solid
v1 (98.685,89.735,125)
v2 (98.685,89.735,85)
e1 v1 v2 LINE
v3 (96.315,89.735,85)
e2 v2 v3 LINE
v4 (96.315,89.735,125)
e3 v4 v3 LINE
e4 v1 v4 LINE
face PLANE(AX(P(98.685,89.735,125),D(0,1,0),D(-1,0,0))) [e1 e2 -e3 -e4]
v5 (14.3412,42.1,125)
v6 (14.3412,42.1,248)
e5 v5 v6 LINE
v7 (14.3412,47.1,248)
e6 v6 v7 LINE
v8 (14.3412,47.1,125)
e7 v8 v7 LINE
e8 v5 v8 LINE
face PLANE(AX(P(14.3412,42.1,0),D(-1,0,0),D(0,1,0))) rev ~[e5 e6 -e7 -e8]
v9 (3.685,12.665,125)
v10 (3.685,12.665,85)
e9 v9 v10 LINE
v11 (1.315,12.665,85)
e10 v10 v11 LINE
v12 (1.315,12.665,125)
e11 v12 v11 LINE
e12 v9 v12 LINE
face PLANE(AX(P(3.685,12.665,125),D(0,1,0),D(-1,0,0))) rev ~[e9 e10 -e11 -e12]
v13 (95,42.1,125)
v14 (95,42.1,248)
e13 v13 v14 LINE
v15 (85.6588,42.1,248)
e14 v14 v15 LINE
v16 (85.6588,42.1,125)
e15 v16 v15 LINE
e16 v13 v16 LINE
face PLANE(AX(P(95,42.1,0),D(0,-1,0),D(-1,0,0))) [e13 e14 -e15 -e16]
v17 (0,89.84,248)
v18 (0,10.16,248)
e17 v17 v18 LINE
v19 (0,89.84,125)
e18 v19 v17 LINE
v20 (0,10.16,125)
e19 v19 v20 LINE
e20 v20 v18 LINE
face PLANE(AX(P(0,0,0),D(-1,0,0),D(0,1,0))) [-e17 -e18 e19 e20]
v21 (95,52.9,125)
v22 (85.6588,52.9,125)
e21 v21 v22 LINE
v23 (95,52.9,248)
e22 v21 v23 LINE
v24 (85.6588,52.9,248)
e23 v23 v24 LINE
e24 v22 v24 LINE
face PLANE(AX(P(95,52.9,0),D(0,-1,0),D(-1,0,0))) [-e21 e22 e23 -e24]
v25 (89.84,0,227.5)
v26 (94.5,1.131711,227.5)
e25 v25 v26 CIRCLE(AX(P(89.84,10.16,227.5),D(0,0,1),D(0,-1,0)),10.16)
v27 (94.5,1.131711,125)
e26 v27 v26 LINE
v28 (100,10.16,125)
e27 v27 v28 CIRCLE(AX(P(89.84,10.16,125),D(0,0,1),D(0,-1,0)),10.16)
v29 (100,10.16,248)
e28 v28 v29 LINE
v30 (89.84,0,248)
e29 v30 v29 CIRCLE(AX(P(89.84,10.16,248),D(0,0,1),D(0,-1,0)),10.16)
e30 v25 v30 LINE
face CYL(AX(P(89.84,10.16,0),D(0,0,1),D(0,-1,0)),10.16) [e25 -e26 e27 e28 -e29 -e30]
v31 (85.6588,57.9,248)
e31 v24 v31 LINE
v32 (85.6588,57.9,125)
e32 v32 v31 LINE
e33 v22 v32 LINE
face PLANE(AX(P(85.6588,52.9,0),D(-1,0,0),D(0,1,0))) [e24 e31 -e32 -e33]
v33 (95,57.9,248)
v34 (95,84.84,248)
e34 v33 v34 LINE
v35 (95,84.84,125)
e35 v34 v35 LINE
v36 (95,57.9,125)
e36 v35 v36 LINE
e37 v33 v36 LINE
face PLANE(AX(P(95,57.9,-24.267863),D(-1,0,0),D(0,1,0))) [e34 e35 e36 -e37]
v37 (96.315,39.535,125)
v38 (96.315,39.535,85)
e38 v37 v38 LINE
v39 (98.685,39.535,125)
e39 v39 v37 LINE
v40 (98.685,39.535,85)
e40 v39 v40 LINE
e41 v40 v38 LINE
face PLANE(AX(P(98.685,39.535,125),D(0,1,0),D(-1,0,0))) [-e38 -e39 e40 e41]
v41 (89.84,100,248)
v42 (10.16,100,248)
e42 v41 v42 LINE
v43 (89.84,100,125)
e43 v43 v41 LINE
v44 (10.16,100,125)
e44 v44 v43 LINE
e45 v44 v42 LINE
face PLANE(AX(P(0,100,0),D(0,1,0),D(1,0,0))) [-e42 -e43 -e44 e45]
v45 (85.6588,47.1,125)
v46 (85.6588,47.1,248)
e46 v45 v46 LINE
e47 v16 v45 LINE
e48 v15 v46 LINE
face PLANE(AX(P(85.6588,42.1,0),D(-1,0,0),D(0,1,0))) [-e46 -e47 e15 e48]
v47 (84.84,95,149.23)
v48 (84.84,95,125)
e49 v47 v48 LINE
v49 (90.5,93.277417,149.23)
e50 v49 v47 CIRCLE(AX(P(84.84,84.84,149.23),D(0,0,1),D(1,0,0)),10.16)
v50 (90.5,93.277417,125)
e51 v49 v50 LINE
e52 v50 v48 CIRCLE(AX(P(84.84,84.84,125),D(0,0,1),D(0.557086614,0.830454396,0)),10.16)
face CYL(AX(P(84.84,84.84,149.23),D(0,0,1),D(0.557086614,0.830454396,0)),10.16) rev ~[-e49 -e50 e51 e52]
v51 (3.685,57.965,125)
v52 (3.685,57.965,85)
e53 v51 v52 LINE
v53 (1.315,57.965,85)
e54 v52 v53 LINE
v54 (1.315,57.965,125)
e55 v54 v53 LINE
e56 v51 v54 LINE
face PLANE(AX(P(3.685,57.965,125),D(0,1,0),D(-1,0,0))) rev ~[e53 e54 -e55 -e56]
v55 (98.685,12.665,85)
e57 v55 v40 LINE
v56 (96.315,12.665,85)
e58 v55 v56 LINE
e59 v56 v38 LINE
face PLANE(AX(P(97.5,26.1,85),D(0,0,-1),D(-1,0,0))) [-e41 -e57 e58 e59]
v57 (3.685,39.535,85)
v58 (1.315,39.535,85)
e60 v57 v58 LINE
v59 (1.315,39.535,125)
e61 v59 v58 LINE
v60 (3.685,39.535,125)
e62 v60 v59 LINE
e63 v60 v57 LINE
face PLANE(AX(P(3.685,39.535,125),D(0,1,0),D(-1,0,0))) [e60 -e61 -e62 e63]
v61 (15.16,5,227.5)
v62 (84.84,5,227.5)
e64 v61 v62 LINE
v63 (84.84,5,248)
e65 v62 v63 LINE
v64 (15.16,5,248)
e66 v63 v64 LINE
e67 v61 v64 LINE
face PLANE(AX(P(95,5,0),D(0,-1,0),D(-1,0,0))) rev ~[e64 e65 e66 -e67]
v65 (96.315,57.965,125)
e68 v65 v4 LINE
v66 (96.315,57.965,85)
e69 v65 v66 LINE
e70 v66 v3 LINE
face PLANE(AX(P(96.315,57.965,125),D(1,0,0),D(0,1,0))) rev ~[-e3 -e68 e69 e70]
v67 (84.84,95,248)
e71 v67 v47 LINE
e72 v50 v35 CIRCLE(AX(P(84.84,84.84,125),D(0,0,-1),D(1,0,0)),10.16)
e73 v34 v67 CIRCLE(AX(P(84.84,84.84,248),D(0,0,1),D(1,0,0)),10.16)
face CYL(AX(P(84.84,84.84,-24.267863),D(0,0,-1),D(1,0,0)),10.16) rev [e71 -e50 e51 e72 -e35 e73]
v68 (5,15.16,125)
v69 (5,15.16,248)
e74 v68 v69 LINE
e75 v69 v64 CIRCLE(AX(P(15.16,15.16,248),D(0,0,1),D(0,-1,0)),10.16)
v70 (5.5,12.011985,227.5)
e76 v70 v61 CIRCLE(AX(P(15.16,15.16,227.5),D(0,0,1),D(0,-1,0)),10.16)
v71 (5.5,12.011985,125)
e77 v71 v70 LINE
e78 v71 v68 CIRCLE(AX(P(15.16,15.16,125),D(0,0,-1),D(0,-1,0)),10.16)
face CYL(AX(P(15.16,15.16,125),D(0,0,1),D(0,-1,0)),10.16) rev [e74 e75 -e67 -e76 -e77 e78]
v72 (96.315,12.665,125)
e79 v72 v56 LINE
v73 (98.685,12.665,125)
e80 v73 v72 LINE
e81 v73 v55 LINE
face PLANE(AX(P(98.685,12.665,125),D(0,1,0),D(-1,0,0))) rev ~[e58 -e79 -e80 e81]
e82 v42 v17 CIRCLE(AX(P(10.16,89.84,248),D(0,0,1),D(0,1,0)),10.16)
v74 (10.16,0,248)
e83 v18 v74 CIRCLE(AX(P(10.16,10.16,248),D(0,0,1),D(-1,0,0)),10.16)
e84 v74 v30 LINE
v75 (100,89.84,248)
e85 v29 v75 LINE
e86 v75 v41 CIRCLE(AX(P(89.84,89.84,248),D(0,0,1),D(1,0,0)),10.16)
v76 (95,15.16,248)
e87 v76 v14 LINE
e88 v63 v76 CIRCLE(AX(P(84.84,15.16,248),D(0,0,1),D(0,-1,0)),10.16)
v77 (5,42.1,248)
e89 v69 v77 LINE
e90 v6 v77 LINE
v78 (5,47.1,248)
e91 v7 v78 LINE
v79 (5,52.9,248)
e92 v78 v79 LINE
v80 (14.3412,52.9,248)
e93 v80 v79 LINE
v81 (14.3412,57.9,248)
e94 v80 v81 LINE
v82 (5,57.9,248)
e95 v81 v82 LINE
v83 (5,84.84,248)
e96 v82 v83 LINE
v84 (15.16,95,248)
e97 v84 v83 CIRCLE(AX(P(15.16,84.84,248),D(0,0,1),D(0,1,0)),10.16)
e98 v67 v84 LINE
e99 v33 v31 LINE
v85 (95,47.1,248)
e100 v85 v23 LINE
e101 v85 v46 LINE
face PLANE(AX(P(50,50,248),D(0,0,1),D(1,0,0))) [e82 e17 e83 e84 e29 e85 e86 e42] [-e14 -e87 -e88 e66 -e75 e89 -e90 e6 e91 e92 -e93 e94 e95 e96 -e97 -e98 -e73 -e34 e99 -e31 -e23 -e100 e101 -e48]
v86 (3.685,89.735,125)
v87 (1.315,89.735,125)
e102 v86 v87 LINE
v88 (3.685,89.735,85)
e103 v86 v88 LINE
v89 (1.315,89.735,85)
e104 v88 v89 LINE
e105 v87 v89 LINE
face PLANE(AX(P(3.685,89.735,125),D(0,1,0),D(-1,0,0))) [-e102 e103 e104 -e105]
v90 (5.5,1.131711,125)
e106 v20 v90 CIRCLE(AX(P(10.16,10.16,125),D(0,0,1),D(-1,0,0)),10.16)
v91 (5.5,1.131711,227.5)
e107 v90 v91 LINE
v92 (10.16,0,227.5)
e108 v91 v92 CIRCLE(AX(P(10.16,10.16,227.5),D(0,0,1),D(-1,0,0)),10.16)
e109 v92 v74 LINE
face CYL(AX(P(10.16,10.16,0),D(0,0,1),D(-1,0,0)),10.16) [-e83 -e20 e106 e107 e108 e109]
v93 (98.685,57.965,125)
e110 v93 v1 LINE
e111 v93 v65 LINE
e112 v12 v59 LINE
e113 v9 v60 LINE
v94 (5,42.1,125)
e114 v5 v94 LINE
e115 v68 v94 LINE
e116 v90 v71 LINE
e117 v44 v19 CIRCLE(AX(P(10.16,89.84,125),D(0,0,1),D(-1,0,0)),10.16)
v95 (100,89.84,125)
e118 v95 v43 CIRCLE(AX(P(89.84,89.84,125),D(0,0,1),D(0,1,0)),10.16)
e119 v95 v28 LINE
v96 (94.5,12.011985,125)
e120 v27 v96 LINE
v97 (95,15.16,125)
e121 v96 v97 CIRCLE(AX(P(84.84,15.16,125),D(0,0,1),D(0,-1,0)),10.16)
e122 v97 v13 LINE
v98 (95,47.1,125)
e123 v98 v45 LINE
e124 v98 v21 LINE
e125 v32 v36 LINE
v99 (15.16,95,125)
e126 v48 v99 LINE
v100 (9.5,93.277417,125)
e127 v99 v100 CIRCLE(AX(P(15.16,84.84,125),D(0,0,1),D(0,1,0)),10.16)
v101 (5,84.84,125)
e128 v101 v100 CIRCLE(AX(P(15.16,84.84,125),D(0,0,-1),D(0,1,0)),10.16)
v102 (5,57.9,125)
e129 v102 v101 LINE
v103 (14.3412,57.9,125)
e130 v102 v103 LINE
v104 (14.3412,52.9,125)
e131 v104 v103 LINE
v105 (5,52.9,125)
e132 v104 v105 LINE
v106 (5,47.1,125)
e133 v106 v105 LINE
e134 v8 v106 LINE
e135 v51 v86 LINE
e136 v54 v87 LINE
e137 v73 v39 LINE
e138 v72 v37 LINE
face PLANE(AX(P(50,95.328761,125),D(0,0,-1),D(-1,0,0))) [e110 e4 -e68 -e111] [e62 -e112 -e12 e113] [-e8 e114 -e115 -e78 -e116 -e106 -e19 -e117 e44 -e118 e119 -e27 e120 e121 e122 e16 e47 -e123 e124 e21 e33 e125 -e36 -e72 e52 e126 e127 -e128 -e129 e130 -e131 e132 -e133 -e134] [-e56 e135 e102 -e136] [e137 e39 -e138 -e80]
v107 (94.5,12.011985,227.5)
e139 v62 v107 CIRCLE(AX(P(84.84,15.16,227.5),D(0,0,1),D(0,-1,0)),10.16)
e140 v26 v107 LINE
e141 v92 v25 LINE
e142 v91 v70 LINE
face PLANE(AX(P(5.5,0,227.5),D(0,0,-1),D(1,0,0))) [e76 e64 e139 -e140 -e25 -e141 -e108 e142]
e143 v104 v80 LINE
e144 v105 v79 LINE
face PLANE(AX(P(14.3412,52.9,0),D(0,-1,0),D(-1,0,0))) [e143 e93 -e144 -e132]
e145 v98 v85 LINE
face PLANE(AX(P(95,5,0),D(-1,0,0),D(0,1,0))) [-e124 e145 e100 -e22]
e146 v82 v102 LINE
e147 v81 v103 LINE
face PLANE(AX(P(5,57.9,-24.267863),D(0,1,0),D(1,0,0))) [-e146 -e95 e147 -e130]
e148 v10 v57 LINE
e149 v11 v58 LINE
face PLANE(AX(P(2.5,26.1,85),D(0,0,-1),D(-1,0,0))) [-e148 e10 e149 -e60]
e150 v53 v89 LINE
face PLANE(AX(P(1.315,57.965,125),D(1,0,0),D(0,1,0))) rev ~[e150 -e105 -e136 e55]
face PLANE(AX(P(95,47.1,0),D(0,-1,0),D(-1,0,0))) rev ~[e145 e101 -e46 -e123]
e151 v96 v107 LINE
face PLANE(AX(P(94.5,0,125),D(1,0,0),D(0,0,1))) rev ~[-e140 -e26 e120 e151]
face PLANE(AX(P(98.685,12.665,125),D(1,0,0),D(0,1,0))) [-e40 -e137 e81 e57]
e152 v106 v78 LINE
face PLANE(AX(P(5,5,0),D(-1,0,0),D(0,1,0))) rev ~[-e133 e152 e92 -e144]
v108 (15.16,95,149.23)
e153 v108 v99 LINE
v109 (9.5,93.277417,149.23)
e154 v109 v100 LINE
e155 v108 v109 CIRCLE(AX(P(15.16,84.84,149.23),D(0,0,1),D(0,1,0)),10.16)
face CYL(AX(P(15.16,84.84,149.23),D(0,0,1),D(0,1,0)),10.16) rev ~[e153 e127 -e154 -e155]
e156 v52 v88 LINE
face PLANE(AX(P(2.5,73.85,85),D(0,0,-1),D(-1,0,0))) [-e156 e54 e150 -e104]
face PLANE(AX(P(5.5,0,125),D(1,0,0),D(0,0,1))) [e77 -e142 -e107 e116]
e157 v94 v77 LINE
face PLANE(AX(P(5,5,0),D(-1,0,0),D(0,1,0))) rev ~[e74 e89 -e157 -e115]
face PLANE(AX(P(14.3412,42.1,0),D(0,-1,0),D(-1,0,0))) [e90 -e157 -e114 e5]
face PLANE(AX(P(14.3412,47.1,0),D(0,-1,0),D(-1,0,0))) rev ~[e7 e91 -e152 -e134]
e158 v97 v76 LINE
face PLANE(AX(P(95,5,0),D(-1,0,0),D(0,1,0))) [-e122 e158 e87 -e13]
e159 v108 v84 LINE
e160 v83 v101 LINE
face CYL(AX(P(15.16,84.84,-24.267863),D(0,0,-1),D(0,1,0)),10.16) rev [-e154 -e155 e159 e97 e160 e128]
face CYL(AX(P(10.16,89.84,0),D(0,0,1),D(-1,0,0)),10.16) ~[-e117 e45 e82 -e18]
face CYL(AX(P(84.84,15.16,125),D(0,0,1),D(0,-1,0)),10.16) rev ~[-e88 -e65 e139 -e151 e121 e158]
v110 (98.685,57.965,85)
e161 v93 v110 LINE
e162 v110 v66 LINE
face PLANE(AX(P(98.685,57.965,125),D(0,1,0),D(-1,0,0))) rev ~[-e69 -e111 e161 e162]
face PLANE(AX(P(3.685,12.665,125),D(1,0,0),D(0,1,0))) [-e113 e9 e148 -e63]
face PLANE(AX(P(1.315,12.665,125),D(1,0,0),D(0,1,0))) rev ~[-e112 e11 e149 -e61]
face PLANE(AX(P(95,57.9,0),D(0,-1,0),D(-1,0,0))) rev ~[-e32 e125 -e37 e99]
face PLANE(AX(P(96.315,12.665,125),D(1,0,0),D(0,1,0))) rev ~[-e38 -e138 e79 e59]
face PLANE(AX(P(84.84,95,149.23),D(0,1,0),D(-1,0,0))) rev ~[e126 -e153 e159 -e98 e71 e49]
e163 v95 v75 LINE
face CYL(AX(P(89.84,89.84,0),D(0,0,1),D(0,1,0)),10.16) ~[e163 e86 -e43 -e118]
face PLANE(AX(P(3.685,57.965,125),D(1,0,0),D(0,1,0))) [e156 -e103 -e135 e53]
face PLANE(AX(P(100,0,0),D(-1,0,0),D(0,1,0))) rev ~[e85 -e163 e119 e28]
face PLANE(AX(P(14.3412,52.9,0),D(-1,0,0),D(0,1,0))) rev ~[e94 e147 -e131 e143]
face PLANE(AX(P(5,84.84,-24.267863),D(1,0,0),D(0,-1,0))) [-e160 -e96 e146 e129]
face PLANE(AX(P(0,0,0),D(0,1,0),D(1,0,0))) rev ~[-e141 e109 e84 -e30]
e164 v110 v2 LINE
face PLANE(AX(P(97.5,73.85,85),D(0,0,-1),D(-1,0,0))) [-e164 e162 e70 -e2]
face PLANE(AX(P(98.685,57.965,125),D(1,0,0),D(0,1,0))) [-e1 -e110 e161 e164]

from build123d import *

# Parameters (mm, degrees)
SKETCH1_W                = 100
SKETCH1_H                = 100
BOSS_EXTRUDE1_DEPTH      = 250
SKETCH2_W                = 90
SKETCH2_H                = 90
CUT_EXTRUDE1_DEPTH       = 288.228132327
FILLET1_R                = 10.16
SKETCH3_W                = 9.3412
SKETCH3_H                = 5
BOSS_EXTRUDE2_DEPTH      = 250
SKETCH4_W                = 100
SKETCH4_H                = 125
CUT_EXTRUDE2_DEPTH       = 288.228132327
SKETCH6_W                = 81
SKETCH6_H                = 100
CUT_EXTRUDE4_DEPTH       = 5
FILLET3_R                = 10.16
BOSS_EXTRUDE3_DEPTH      = 30.48
SKETCH9_W                = 81
SKETCH9_H                = 6.25
BOSS_EXTRUDE5_DEPTH      = 35.052
CUT_EXTRUDE5_DEPTH       = 2
SKETCH12_W               = 81
SKETCH12_H               = 2.848
CUT_EXTRUDE6_DEPTH       = 24.23
SKETCH13_W               = 2.5
SKETCH13_H               = 31.9
SKETCH13_H_2             = 27
BOSS_EXTRUDE6_DEPTH      = 40
SKETCH14_W               = 2.63
SKETCH14_H               = 32.03
SKETCH14_W_2             = 2.37
SKETCH14_H_2             = 31.77
SKETCH14_H_3             = 27.13
SKETCH14_H_4             = 26.87
CUT_EXTRUDE10_DEPTH      = 40
CUT_EXTRUDE11_DEPTH      = 6.25
CUT_EXTRUDE12_DEPTH      = 173.497863465
CUT_EXTRUDE12_DEPTH_BACK = 173.497863465
BOSS_EXTRUDE7_DEPTH      = 24.23
CUT_EXTRUDE14_REACH      = 287.489
SKETCH20_W               = 89
SKETCH20_H               = 102.5


with BuildPart() as part:
    # Sketch1 → Boss-Extrude1 (new body)
    with BuildSketch(Plane.XY):
        with Locations((50, 50)):
            Rectangle(SKETCH1_W, SKETCH1_H)
    extrude(amount=BOSS_EXTRUDE1_DEPTH)

    # Sketch2 → Cut-Extrude1 (cut, through all)
    with BuildSketch(Plane(origin=(0, 0, 0), x_dir=(-1, 0, 0), z_dir=(0, 0, -1))):
        with Locations((-50, 50)):
            Rectangle(SKETCH2_W, SKETCH2_H)
    extrude(amount=-CUT_EXTRUDE1_DEPTH, mode=Mode.SUBTRACT)

    # Fillet1
    fillet1_edges = [part.edges().sort_by_distance(p)[0] for p in [
        (0, 100, 125),
        (0, 0, 125),
        (100, 0, 125),
        (100, 100, 125),
    ]]
    fillet(fillet1_edges, radius=FILLET1_R)

    # Sketch3 → Boss-Extrude2 (add, through all)
    with BuildSketch(Plane(origin=(0, 0, 0), x_dir=(-1, 0, 0), z_dir=(0, 0, -1))):
        with Locations((-90.3294, 55.4)):
            Rectangle(SKETCH3_W, SKETCH3_H)
        with Locations((-90.3294, 44.6)):
            Rectangle(SKETCH3_W, SKETCH3_H)
        with Locations((-9.6706, 44.6)):
            Rectangle(SKETCH3_W, SKETCH3_H)
        with Locations((-9.6706, 55.4)):
            Rectangle(SKETCH3_W, SKETCH3_H)
    extrude(amount=-BOSS_EXTRUDE2_DEPTH)

    # Sketch4 → Cut-Extrude2 (cut, through all)
    with BuildSketch(Plane(origin=(0, 100, 0), x_dir=(1, 0, 0), z_dir=(0, 1, 0))):
        with Locations((50, -62.5)):
            Rectangle(SKETCH4_W, SKETCH4_H)
    extrude(amount=-CUT_EXTRUDE2_DEPTH, mode=Mode.SUBTRACT)

    # Sketch6 → Cut-Extrude4 (cut)
    with BuildSketch(Plane.XZ):
        with Locations((50, 175)):
            Rectangle(SKETCH6_W, SKETCH6_H)
    extrude(amount=-CUT_EXTRUDE4_DEPTH, mode=Mode.SUBTRACT)

    # Fillet3
    fillet3_edges = [part.edges().sort_by_distance(p)[0] for p in [
        (5, 95, 187.5),
        (5, 5, 187.5),
        (95, 95, 187.5),
        (95, 5, 187.5),
    ]]
    fillet(fillet3_edges, radius=FILLET3_R)

    # Sketch7 → Boss-Extrude3 (add)
    with BuildSketch(Plane(origin=(0, 0, 125), x_dir=(-1, 0, 0), z_dir=(0, 0, -1))):
        Polygon((-95, 96), (-5, 96), (-5, 57.9), (-9.5, 57.9), (-9.5, 92.952), (-90.5, 92.952), (-90.5, 57.9), (-95, 57.9), align=None)
    extrude(amount=-BOSS_EXTRUDE3_DEPTH)

    # Sketch9 → Boss-Extrude5 (add)
    with BuildSketch(Plane.XZ.offset(-92.952)):
        with Locations((50, 152.355)):
            Rectangle(SKETCH9_W, SKETCH9_H)
    extrude(amount=BOSS_EXTRUDE5_DEPTH)

    # Sketch10 → Cut-Extrude5 (cut)
    with BuildSketch(Plane.XY.offset(250)):
        with BuildLine():
            Line((89.84, 100), (10.16, 100))
            ThreePointArc((10.16, 100), (2.975795103, 97.024204897), (0, 89.84))
            Line((0, 89.84), (0, 10.16))
            ThreePointArc((0, 10.16), (2.975795103, 2.975795103), (10.16, 0))
            Line((10.16, 0), (89.84, 0))
            ThreePointArc((89.84, 0), (97.024204897, 2.975795103), (100, 10.16))
            Line((100, 10.16), (100, 89.84))
            ThreePointArc((100, 89.84), (97.024204897, 97.024204897), (89.84, 100))
        make_face()
    extrude(amount=-CUT_EXTRUDE5_DEPTH, mode=Mode.SUBTRACT)

    # Sketch12 → Cut-Extrude6 (cut)
    with BuildSketch(Plane(origin=(0, 0, 125), x_dir=(-1, 0, 0), z_dir=(0, 0, -1))):
        with Locations((-50, 94.376)):
            Rectangle(SKETCH12_W, SKETCH12_H)
    extrude(amount=-CUT_EXTRUDE6_DEPTH, mode=Mode.SUBTRACT)

    # Sketch13 → Boss-Extrude6 (add)
    with BuildSketch(Plane(origin=(0, 0, 125), x_dir=(-1, 0, 0), z_dir=(0, 0, -1))):
        with Locations((-97.5, 73.85)):
            Rectangle(SKETCH13_W, SKETCH13_H)
        with Locations((-97.5, 26.1)):
            Rectangle(SKETCH13_W, SKETCH13_H_2)
        with Locations((-2.5, 26.1)):
            Rectangle(SKETCH13_W, SKETCH13_H_2)
        with Locations((-2.5, 73.85)):
            Rectangle(SKETCH13_W, SKETCH13_H)
    extrude(amount=BOSS_EXTRUDE6_DEPTH)

    # Sketch14 → Cut-Extrude10 (cut)
    # profile 1 of 4: a face of its own
    with BuildSketch(Plane(origin=(0, 0, 125), x_dir=(-1, 0, 0), z_dir=(0, 0, -1))):
        with Locations((-97.5, 73.85)):
            Rectangle(SKETCH14_W, SKETCH14_H)
        with Locations((-97.5, 73.85)):
            Rectangle(SKETCH14_W_2, SKETCH14_H_2, mode=Mode.SUBTRACT)
    # profile 2 of 4: a face of its own
    with BuildSketch(Plane(origin=(0, 0, 125), x_dir=(-1, 0, 0), z_dir=(0, 0, -1))):
        with Locations((-2.5, 73.85)):
            Rectangle(SKETCH14_W, SKETCH14_H)
        with Locations((-2.5, 73.85)):
            Rectangle(SKETCH14_W_2, SKETCH14_H_2, mode=Mode.SUBTRACT)
    # profile 3 of 4: a face of its own
    with BuildSketch(Plane(origin=(0, 0, 125), x_dir=(-1, 0, 0), z_dir=(0, 0, -1))):
        with Locations((-97.5, 26.1)):
            Rectangle(SKETCH14_W, SKETCH14_H_3)
        with Locations((-97.5, 26.1)):
            Rectangle(SKETCH14_W_2, SKETCH14_H_4, mode=Mode.SUBTRACT)
    # profile 4 of 4: a face of its own
    with BuildSketch(Plane(origin=(0, 0, 125), x_dir=(-1, 0, 0), z_dir=(0, 0, -1))):
        with Locations((-2.5, 26.1)):
            Rectangle(SKETCH14_W, SKETCH14_H_3)
        with Locations((-2.5, 26.1)):
            Rectangle(SKETCH14_W_2, SKETCH14_H_4, mode=Mode.SUBTRACT)
    extrude(amount=CUT_EXTRUDE10_DEPTH, mode=Mode.SUBTRACT)

    # Sketch15 → Cut-Extrude11 (cut)
    with BuildSketch(Plane.XY.offset(155.48)):
        with BuildLine():
            Line((5, 57.9), (14.3412, 57.9))
            Line((14.3412, 57.9), (85.6588, 57.9))
            Line((85.6588, 57.9), (95, 57.9))
            Line((95, 57.9), (95, 84.84))
            ThreePointArc((95, 84.84), (92.024204897, 92.024204897), (84.84, 95))
            Line((84.84, 95), (15.16, 95))
            ThreePointArc((15.16, 95), (7.975795103, 92.024204897), (5, 84.84))
            Line((5, 84.84), (5, 57.9))
        make_face()
    extrude(amount=-CUT_EXTRUDE11_DEPTH, mode=Mode.SUBTRACT)

    # Sketch16 → Cut-Extrude12 (cut, two sides: drawn at the far end of the back side and taken through both)
    with BuildSketch(Plane.XY.offset(149.23).offset(-CUT_EXTRUDE12_DEPTH_BACK)):
        with BuildLine():
            Line((5, 57.9), (95, 57.9))
            Line((95, 57.9), (95, 84.84))
            ThreePointArc((95, 84.84), (92.024204897, 92.024204897), (84.84, 95))
            Line((84.84, 95), (15.16, 95))
            ThreePointArc((15.16, 95), (7.975795103, 92.024204897), (5, 84.84))
            Line((5, 84.84), (5, 57.9))
        make_face()
    extrude(amount=CUT_EXTRUDE12_DEPTH + CUT_EXTRUDE12_DEPTH_BACK, mode=Mode.SUBTRACT)

    # Sketch17 → Boss-Extrude7 (add)
    with BuildSketch(Plane(origin=(0, 0, 149.23), x_dir=(-1, 0, 0), z_dir=(0, 0, -1))):
        with BuildLine():
            Line((-84.84, 95), (-15.16, 95))
            ThreePointArc((-15.16, 95), (-12.201837845, 94.559818757), (-9.5, 93.277416666))
            Line((-9.5, 93.277416666), (-9.5, 95.8))
            Line((-9.5, 95.8), (-90.5, 95.8))
            Line((-90.5, 95.8), (-90.5, 93.277416666))
            ThreePointArc((-90.5, 93.277416666), (-87.798162155, 94.559818757), (-84.84, 95))
        make_face()
    extrude(amount=BOSS_EXTRUDE7_DEPTH)

    # Cut-Extrude14: up to this face of the body (flat: up to its plane)
    cut_extrude14_end = Plane(part.part.faces().sort_by_distance((9.6706, 42.1, 186.5))[0])
    # Sketch20 → Cut-Extrude14 (cut, up to the picked face)
    with BuildSketch(Plane.XZ, mode=Mode.PRIVATE) as cut_extrude14_sk1:
        with Locations((50, 176.25)):
            Rectangle(SKETCH20_W, SKETCH20_H)
    cut_extrude14_tool1 = split(extrude(cut_extrude14_sk1.sketch, amount=-CUT_EXTRUDE14_REACH, mode=Mode.PRIVATE), bisect_by=cut_extrude14_end, keep=Keep.BOTH, mode=Mode.PRIVATE)
    add(cut_extrude14_tool1.solids().sort_by(Axis((50, 0, 176.25), (0, 1, 0)))[0], mode=Mode.SUBTRACT)


solid = part.part
